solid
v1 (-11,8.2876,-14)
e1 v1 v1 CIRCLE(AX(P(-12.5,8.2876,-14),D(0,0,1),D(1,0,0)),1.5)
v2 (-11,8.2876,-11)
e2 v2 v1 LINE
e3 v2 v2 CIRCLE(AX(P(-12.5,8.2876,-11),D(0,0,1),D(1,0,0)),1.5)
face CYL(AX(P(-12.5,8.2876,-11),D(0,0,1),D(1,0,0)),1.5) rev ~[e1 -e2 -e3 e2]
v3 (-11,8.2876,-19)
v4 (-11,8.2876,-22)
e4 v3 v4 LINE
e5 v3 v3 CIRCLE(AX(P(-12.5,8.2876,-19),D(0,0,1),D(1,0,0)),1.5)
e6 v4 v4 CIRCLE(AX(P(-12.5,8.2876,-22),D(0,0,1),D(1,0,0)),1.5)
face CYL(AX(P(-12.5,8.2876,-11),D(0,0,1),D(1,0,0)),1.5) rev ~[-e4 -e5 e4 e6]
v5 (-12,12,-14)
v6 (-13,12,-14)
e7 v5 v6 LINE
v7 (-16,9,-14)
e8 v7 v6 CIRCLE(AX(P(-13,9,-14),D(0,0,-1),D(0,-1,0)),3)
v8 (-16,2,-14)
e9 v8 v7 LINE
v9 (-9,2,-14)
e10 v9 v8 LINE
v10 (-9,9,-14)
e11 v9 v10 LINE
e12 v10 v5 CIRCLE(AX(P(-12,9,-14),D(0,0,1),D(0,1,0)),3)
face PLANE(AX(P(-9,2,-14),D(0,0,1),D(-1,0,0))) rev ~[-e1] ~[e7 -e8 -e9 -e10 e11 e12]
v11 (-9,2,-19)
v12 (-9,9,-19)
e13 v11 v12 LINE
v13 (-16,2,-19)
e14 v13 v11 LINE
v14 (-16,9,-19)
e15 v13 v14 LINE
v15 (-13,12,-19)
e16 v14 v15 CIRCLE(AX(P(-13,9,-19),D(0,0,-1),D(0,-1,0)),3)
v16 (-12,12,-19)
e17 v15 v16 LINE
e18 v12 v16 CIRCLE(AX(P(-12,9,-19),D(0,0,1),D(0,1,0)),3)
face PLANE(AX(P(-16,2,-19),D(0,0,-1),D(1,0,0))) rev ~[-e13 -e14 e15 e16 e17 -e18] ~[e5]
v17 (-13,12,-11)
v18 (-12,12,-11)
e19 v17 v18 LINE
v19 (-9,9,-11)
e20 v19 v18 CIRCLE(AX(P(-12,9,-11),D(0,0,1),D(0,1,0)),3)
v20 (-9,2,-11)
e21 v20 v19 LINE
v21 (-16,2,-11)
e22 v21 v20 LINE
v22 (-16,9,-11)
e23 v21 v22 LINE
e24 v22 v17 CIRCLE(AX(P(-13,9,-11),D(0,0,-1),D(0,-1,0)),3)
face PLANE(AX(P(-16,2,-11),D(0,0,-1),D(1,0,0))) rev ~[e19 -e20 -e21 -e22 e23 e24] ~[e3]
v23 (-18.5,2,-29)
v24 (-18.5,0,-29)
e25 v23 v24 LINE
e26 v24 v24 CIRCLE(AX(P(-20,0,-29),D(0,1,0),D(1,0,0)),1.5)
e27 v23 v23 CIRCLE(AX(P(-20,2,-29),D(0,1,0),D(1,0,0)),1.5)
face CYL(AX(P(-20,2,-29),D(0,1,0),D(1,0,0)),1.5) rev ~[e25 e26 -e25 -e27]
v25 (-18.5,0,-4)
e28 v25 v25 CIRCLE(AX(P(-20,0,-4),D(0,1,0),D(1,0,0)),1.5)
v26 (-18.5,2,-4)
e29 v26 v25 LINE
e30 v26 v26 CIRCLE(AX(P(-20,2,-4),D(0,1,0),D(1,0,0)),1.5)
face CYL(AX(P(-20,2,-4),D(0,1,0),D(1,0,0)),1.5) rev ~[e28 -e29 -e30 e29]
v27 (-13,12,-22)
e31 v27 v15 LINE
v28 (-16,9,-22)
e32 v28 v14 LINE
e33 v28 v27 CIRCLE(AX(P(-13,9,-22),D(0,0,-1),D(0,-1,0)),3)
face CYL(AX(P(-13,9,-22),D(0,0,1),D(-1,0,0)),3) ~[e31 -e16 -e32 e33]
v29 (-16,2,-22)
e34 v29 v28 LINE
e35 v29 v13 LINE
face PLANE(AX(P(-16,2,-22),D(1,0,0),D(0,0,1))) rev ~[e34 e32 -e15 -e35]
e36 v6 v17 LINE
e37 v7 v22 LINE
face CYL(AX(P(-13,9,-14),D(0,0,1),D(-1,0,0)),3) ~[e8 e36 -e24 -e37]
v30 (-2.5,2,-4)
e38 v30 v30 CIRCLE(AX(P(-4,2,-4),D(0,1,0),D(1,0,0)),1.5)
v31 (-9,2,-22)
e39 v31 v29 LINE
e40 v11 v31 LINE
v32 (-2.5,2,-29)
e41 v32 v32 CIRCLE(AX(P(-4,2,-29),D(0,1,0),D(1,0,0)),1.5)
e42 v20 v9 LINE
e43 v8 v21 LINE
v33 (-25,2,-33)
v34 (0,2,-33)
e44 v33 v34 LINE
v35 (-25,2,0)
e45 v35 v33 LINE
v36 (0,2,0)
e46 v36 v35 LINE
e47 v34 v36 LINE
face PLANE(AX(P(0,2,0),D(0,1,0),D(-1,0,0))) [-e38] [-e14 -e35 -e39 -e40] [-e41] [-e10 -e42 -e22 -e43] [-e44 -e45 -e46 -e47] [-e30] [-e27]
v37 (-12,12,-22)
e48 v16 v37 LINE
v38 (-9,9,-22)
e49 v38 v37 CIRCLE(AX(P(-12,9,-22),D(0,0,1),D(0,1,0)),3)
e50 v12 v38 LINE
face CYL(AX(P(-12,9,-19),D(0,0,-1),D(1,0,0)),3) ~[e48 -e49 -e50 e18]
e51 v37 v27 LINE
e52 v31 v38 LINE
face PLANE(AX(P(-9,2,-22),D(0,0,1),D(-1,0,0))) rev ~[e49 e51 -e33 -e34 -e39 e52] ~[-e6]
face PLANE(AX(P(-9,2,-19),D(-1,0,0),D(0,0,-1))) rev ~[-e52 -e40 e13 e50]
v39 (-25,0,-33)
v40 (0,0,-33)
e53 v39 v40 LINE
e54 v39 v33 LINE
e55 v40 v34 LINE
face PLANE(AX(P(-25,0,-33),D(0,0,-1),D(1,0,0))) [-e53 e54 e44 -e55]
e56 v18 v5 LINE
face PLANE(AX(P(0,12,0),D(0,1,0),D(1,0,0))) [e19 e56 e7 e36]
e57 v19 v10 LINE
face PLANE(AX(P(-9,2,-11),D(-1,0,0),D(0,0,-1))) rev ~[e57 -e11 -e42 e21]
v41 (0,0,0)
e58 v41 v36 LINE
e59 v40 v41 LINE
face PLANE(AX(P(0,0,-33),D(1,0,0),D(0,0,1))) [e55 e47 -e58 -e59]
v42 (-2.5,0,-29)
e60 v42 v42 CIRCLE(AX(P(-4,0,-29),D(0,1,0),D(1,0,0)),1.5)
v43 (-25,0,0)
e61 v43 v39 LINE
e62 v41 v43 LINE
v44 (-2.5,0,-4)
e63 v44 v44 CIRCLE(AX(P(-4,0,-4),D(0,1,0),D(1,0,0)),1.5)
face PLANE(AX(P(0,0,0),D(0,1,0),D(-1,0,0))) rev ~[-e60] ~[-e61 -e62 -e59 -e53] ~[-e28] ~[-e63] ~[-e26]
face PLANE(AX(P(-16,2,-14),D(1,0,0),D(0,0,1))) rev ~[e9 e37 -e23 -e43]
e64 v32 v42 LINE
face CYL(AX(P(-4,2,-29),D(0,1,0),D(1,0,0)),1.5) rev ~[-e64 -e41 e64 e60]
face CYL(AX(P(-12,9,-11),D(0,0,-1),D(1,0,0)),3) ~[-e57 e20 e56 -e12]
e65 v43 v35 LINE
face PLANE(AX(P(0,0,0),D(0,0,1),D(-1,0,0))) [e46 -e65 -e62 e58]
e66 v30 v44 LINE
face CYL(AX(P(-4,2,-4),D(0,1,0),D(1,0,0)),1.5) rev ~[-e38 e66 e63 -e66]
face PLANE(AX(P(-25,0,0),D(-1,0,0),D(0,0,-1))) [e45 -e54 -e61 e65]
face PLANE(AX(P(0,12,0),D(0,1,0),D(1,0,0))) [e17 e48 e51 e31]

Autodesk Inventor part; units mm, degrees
ref_plane "YZ Plane" through (0, 0, 0) normal (1, 0, 0) x (0, 1, 0)
ref_plane "XZ Plane" through (0, 0, 0) normal (0, 1, 0) x (-1, 0, 0)
ref_plane "XY Plane" through (0, 0, 0) normal (0, 0, 1) x (1, 0, 0)
sketch "Sketch3" plane through (0, 0, 0) normal (0, 1, 0) x (-1, 0, 0)
  line L0 (0, 0) -> (25, 0)
  line L1 (25, 0) -> (25, -33)
  line L2 (25, -33) -> (0, -33)
  line L3 (0, -33) -> (0, 0)
  dimension "d6" = 25
  dimension "d7" = 33
extrude "Extrusion2" add sketch "Sketch3" along normal blind 2
sketch "Sketch4" plane through (0, 2, 0) normal (0, 1, 0) x (1, 0, 0)
  circle A0 centre (-4, 4) radius 1.5
  line L0 (0, 0) -> (0, 33) projected
  line L1 (-25, 0) -> (0, 0) projected
  circle A1 centre (-4, 29) radius 1.5
  line L2 (0, 33) -> (-25, 33) projected
  circle A2 centre (-20, 4) radius 1.5
  line L3 (-25, 33) -> (-25, 0) projected
  circle A3 centre (-20, 29) radius 1.5
  dimension "d16" = 3
  dimension "d17" = 4
  dimension "d18" = 4
  dimension "d19" = 3
  dimension "d20" = 4
  dimension "d21" = 4
  dimension "d22" = 3
  dimension "d23" = 16
  dimension "d24" = 4
  dimension "d25" = 5
  dimension "d26" = 3
  dimension "d27" = 4
  dimension "d28" = 16
  dimension "d29" = 25
extrude "Extrusion3" cut sketch "Sketch4" against normal blind 2 contours A0 | A1 | A2 | A3
sketch "Sketch5" plane through (0, 2, 0) normal (0, 1, 0) x (1, 0, 0)
  line L0 (-16, 11) -> (-9, 11)
  line L1 (-9, 11) -> (-9, 14)
  line L2 (-9, 14) -> (-16, 14)
  line L3 (-16, 14) -> (-16, 11)
  line L4 (-25, 33) -> (-25, 0) projected
  line L5 (0, 0) -> (0, 33) projected
  line L6 (-25, 0) -> (0, 0) projected
  line L7 (0, 33) -> (-25, 33) projected
  circle A0 centre (-4, 29) radius 1.5 projected
  circle A1 centre (-20, 29) radius 1.5 projected
  circle A2 centre (-4, 4) radius 1.5 projected
  circle A3 centre (-20, 4) radius 1.5 projected
  line L8 (0, 33) -> (-25, 33) projected
  line L9 (-25, 33) -> (-25, 0) projected
  line L10 (-25, 0) -> (0, 0) projected
  line L11 (0, 0) -> (0, 33) projected
  line L12 (-16, 19) -> (-9, 19)
  line L13 (-9, 19) -> (-9, 22)
  line L14 (-9, 22) -> (-16, 22)
  line L15 (-16, 22) -> (-16, 19)
  dimension "d32" = 7
  dimension "d36" = 11
  dimension "d37" = 3
  dimension "d39" = 7
  dimension "d40" = 3
  dimension "d41" = 11
  dimension "d42" = 9
  dimension "d43" = 9
extrude "Extrusion4" add sketch "Sketch5" along normal blind 10 contours L3 L2 L1 L0 | L15 L14 L13 L12
sketch "Sketch6" plane through (-16, 2, -11) normal (0, 0, 1) x (1, 0, 0)
  circle A0 centre (3.5, 6.2876) radius 1.5
  line L0 (0, 0) -> (0, 10) projected
  line L1 (7, 0) -> (7, 10) projected
  point P0 (16, -2)
  dimension "d46" = 3
  dimension "d47" = 3.5
  dimension "d51" = 3.5
extrude "Extrusion5" cut sketch "Sketch6" against normal blind 13.5
fillet "Fillet1" radius 3 4 edges at (-9, 12, -20.5) (-9, 12, -12.5) (-16, 12, -12.5) (-16, 12, -20.5)
properties part number "CamBracket"
